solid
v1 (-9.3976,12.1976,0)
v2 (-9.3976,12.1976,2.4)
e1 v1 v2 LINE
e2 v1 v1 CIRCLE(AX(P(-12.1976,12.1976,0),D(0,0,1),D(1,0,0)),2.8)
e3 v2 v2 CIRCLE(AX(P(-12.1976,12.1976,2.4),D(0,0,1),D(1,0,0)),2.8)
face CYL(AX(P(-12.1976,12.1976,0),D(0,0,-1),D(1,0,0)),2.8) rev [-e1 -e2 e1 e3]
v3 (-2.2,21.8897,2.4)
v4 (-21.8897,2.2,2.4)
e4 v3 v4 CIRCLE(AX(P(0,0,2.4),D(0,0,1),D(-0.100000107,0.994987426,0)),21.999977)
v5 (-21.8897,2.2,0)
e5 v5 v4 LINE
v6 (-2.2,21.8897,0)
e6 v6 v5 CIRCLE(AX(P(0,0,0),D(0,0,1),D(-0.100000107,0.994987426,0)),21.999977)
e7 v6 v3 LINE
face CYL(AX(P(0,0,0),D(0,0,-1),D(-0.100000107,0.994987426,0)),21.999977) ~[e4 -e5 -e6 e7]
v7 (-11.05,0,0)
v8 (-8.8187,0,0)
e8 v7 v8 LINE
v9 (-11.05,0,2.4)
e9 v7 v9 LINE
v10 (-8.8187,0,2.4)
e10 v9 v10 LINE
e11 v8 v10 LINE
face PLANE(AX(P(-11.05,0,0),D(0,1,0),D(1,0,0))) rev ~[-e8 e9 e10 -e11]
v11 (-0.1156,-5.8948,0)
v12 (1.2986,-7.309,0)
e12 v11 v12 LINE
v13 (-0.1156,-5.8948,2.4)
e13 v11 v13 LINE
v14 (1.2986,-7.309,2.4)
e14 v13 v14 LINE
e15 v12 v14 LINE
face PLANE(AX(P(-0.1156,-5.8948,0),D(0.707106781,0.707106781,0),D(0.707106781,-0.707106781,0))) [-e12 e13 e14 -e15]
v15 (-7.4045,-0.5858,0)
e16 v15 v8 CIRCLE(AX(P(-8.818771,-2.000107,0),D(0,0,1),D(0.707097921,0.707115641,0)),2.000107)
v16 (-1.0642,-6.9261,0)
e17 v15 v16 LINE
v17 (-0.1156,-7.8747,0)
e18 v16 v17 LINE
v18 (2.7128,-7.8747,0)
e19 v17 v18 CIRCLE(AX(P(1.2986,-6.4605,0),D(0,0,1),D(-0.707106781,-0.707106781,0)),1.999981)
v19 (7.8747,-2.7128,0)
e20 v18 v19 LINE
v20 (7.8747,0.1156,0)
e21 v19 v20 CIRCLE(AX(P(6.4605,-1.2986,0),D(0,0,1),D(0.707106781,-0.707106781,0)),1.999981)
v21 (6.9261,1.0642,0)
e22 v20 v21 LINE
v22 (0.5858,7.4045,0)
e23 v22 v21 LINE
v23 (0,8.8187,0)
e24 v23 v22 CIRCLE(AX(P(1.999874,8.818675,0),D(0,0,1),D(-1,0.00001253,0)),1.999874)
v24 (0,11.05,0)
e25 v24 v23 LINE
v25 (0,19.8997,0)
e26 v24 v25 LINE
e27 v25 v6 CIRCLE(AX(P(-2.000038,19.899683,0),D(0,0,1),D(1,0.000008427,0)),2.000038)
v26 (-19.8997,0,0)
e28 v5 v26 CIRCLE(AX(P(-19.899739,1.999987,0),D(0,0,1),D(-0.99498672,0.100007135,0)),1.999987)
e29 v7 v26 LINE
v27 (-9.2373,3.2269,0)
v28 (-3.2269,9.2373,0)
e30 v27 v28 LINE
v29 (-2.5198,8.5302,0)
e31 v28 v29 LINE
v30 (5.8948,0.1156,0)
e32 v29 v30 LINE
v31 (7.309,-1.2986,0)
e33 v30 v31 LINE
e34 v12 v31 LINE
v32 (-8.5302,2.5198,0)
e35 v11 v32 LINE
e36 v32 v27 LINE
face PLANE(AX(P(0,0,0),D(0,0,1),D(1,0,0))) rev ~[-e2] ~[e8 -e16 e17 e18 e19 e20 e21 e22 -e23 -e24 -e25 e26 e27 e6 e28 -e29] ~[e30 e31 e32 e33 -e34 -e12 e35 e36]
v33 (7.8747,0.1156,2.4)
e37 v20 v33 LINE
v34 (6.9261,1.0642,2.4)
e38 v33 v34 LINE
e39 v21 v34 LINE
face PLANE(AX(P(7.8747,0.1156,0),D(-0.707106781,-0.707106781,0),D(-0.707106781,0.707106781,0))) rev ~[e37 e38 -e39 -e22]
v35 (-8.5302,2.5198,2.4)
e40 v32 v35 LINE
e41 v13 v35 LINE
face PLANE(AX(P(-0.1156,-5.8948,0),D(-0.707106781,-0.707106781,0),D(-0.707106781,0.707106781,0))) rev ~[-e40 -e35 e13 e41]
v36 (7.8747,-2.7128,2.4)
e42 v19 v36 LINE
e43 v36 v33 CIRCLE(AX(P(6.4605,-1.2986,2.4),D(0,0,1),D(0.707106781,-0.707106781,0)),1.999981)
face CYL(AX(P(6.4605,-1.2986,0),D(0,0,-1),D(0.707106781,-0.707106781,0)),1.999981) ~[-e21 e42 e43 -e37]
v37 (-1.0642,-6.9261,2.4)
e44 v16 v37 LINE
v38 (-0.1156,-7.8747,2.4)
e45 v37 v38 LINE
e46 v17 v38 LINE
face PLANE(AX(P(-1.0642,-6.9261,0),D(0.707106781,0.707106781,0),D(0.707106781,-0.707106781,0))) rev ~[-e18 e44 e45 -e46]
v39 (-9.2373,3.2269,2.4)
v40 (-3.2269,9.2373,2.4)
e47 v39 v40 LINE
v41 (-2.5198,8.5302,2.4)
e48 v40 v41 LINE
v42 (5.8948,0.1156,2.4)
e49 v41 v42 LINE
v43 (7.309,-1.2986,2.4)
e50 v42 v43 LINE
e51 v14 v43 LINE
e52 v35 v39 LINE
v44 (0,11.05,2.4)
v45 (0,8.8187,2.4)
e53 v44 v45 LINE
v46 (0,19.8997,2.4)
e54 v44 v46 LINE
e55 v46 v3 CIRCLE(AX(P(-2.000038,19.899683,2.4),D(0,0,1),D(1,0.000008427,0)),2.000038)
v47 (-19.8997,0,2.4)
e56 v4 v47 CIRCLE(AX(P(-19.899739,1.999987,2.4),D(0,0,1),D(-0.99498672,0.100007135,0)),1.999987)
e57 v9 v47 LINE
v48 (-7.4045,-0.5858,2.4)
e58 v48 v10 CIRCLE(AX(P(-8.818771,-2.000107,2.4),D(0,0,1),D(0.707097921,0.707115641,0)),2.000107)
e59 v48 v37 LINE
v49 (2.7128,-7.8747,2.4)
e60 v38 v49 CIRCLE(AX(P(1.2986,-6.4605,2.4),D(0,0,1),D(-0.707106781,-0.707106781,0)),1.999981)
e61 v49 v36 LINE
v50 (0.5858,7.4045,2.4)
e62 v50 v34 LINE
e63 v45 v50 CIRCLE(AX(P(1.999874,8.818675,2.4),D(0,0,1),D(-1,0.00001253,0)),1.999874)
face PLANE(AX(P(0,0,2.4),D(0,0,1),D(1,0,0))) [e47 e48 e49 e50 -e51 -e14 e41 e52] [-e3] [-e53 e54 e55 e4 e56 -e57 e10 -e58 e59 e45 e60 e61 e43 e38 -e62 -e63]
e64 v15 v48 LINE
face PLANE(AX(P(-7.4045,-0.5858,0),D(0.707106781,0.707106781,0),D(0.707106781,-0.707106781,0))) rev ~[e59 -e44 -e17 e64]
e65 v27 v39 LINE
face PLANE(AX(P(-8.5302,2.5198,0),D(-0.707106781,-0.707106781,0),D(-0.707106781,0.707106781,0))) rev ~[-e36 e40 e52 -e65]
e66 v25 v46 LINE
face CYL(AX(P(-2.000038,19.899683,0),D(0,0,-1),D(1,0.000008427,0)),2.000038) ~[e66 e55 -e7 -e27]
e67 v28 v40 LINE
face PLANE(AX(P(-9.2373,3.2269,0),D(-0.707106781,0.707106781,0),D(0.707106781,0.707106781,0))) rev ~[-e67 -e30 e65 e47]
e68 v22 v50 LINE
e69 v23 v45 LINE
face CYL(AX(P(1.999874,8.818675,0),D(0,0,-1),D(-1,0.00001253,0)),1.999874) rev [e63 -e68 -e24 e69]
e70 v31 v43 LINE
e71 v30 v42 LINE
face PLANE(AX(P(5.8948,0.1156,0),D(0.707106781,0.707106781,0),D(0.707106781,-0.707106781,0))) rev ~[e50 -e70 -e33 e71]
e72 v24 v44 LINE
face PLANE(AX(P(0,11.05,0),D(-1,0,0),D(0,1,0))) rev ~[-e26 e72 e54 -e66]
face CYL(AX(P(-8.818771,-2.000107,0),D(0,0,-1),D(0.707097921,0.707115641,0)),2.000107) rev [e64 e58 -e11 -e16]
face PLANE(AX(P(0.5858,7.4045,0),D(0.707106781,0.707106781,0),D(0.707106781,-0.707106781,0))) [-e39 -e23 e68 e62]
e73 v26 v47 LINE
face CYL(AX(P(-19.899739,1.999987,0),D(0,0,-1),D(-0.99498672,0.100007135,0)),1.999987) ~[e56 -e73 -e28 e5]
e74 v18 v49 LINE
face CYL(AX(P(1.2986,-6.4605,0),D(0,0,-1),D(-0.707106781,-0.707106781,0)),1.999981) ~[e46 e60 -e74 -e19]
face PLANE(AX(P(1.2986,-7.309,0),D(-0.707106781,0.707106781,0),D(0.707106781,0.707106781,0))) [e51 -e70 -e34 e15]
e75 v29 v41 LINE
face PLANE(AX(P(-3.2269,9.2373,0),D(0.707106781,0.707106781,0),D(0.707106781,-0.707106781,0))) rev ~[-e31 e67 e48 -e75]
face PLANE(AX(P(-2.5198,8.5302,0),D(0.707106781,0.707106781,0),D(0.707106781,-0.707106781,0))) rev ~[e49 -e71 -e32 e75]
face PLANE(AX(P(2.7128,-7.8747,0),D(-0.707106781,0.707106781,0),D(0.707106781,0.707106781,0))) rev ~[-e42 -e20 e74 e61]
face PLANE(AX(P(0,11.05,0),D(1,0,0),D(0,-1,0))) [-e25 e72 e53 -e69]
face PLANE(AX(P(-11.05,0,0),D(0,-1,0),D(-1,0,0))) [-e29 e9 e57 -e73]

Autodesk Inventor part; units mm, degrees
ref_plane "YZ Plane" through (0, 0, 0) normal (1, 0, 0) x (0, 1, 0)
ref_plane "XZ Plane" through (0, 0, 0) normal (0, 1, 0) x (-1, 0, 0)
ref_plane "XY Plane" through (0, 0, 0) normal (0, 0, 1) x (1, 0, 0)
sketch "Sketch1" plane through (0, 0, 0) normal (0, 0, 1) x (1, 0, 0)
  arc A0 (-2.2, 21.8897) -> (-21.8897, 2.2) centre (0, 0) ccw
  line L0 (-11.05, 0) -> (-19.8997, 0)
  line L1 (0, 11.05) -> (0, 19.8997)
  line L2 (0, 0) -> (22, 0) construction
  circle A1 centre (-12.1976, 12.1976) radius 2.8
  line L3 (0.5858, 7.4045) -> (6.9261, 1.0642)
  arc A2 (-21.8897, 2.2) -> (-19.8997, 0) centre (-19.8997, 2) ccw
  arc A3 (0, 19.8997) -> (-2.2, 21.8897) centre (-2, 19.8997) ccw
  line L4 (-8.5302, 2.5198) -> (-9.2373, 3.2269)
  line L5 (-3.2269, 9.2373) -> (-2.5198, 8.5302)
  line L6 (-0.1156, -5.8948) -> (-8.5302, 2.5198)
  line L7 (-2.5198, 8.5302) -> (5.8948, 0.1156)
  line L8 (-11.05, 0) -> (-8.8187, 0)
  line L9 (-7.4045, -0.5858) -> (-1.0642, -6.9261)
  line L10 (0, 11.05) -> (0, 8.8187)
  arc A4 (-7.4045, -0.5858) -> (-8.8187, 0) centre (-8.8187, -2) ccw
  arc A5 (0, 8.8187) -> (0.5858, 7.4045) centre (2, 8.8187) ccw
  arc A6 (0, 11.05) -> (-1.5191, 10.9451) centre (0, 0) ccw
  line L11 (5.8948, 0.1156) -> (7.309, -1.2986)
  line L12 (-0.1156, -5.8948) -> (1.2986, -7.309)
  line L13 (-0.1156, -5.8948) -> (1.8844, -5.8948) construction
  line L14 (1.2986, -7.309) -> (7.309, -1.2986)
  line L15 (-9.2373, 3.2269) -> (-3.2269, 9.2373)
  line L16 (-1.0642, -6.9261) -> (-0.1156, -7.8747)
  line L17 (2.7128, -7.8747) -> (7.8747, -2.7128)
  line L18 (7.8747, 0.1156) -> (6.9261, 1.0642)
  arc A7 (-10.2177, 4.2073) -> (-10.7101, 2.7198) centre (0, 0) ccw
  arc A8 (-10.9451, 1.5191) -> (-11.05, 0) centre (0, 0) ccw
  arc A9 (7.8747, -2.7128) -> (7.8747, 0.1156) centre (6.4605, -1.2986) ccw
  arc A10 (-0.1156, -7.8747) -> (2.7128, -7.8747) centre (1.2986, -6.4605) ccw
  point P0 (-22, 0)
  point P1 (0, 22)
  point P2 (0, 7.9903)
  point P3 (-4.2073, 10.2177)
  dimension "d1" = 44
  dimension "d3" = 5.6
  dimension "d4" = 17.25
  dimension "d6" = 15.6271
  dimension "d16" = 1
  dimension "d18" = 2
  dimension "d19" = 1
  dimension "d20" = 2
  dimension "d21" = 2
  dimension "d22" = 45
  dimension "d23" = 14.9
  dimension "d24" = 2
extrude "Extrusion1" add sketch "Sketch1" along normal blind 2.4
properties part number "ir-holder"
